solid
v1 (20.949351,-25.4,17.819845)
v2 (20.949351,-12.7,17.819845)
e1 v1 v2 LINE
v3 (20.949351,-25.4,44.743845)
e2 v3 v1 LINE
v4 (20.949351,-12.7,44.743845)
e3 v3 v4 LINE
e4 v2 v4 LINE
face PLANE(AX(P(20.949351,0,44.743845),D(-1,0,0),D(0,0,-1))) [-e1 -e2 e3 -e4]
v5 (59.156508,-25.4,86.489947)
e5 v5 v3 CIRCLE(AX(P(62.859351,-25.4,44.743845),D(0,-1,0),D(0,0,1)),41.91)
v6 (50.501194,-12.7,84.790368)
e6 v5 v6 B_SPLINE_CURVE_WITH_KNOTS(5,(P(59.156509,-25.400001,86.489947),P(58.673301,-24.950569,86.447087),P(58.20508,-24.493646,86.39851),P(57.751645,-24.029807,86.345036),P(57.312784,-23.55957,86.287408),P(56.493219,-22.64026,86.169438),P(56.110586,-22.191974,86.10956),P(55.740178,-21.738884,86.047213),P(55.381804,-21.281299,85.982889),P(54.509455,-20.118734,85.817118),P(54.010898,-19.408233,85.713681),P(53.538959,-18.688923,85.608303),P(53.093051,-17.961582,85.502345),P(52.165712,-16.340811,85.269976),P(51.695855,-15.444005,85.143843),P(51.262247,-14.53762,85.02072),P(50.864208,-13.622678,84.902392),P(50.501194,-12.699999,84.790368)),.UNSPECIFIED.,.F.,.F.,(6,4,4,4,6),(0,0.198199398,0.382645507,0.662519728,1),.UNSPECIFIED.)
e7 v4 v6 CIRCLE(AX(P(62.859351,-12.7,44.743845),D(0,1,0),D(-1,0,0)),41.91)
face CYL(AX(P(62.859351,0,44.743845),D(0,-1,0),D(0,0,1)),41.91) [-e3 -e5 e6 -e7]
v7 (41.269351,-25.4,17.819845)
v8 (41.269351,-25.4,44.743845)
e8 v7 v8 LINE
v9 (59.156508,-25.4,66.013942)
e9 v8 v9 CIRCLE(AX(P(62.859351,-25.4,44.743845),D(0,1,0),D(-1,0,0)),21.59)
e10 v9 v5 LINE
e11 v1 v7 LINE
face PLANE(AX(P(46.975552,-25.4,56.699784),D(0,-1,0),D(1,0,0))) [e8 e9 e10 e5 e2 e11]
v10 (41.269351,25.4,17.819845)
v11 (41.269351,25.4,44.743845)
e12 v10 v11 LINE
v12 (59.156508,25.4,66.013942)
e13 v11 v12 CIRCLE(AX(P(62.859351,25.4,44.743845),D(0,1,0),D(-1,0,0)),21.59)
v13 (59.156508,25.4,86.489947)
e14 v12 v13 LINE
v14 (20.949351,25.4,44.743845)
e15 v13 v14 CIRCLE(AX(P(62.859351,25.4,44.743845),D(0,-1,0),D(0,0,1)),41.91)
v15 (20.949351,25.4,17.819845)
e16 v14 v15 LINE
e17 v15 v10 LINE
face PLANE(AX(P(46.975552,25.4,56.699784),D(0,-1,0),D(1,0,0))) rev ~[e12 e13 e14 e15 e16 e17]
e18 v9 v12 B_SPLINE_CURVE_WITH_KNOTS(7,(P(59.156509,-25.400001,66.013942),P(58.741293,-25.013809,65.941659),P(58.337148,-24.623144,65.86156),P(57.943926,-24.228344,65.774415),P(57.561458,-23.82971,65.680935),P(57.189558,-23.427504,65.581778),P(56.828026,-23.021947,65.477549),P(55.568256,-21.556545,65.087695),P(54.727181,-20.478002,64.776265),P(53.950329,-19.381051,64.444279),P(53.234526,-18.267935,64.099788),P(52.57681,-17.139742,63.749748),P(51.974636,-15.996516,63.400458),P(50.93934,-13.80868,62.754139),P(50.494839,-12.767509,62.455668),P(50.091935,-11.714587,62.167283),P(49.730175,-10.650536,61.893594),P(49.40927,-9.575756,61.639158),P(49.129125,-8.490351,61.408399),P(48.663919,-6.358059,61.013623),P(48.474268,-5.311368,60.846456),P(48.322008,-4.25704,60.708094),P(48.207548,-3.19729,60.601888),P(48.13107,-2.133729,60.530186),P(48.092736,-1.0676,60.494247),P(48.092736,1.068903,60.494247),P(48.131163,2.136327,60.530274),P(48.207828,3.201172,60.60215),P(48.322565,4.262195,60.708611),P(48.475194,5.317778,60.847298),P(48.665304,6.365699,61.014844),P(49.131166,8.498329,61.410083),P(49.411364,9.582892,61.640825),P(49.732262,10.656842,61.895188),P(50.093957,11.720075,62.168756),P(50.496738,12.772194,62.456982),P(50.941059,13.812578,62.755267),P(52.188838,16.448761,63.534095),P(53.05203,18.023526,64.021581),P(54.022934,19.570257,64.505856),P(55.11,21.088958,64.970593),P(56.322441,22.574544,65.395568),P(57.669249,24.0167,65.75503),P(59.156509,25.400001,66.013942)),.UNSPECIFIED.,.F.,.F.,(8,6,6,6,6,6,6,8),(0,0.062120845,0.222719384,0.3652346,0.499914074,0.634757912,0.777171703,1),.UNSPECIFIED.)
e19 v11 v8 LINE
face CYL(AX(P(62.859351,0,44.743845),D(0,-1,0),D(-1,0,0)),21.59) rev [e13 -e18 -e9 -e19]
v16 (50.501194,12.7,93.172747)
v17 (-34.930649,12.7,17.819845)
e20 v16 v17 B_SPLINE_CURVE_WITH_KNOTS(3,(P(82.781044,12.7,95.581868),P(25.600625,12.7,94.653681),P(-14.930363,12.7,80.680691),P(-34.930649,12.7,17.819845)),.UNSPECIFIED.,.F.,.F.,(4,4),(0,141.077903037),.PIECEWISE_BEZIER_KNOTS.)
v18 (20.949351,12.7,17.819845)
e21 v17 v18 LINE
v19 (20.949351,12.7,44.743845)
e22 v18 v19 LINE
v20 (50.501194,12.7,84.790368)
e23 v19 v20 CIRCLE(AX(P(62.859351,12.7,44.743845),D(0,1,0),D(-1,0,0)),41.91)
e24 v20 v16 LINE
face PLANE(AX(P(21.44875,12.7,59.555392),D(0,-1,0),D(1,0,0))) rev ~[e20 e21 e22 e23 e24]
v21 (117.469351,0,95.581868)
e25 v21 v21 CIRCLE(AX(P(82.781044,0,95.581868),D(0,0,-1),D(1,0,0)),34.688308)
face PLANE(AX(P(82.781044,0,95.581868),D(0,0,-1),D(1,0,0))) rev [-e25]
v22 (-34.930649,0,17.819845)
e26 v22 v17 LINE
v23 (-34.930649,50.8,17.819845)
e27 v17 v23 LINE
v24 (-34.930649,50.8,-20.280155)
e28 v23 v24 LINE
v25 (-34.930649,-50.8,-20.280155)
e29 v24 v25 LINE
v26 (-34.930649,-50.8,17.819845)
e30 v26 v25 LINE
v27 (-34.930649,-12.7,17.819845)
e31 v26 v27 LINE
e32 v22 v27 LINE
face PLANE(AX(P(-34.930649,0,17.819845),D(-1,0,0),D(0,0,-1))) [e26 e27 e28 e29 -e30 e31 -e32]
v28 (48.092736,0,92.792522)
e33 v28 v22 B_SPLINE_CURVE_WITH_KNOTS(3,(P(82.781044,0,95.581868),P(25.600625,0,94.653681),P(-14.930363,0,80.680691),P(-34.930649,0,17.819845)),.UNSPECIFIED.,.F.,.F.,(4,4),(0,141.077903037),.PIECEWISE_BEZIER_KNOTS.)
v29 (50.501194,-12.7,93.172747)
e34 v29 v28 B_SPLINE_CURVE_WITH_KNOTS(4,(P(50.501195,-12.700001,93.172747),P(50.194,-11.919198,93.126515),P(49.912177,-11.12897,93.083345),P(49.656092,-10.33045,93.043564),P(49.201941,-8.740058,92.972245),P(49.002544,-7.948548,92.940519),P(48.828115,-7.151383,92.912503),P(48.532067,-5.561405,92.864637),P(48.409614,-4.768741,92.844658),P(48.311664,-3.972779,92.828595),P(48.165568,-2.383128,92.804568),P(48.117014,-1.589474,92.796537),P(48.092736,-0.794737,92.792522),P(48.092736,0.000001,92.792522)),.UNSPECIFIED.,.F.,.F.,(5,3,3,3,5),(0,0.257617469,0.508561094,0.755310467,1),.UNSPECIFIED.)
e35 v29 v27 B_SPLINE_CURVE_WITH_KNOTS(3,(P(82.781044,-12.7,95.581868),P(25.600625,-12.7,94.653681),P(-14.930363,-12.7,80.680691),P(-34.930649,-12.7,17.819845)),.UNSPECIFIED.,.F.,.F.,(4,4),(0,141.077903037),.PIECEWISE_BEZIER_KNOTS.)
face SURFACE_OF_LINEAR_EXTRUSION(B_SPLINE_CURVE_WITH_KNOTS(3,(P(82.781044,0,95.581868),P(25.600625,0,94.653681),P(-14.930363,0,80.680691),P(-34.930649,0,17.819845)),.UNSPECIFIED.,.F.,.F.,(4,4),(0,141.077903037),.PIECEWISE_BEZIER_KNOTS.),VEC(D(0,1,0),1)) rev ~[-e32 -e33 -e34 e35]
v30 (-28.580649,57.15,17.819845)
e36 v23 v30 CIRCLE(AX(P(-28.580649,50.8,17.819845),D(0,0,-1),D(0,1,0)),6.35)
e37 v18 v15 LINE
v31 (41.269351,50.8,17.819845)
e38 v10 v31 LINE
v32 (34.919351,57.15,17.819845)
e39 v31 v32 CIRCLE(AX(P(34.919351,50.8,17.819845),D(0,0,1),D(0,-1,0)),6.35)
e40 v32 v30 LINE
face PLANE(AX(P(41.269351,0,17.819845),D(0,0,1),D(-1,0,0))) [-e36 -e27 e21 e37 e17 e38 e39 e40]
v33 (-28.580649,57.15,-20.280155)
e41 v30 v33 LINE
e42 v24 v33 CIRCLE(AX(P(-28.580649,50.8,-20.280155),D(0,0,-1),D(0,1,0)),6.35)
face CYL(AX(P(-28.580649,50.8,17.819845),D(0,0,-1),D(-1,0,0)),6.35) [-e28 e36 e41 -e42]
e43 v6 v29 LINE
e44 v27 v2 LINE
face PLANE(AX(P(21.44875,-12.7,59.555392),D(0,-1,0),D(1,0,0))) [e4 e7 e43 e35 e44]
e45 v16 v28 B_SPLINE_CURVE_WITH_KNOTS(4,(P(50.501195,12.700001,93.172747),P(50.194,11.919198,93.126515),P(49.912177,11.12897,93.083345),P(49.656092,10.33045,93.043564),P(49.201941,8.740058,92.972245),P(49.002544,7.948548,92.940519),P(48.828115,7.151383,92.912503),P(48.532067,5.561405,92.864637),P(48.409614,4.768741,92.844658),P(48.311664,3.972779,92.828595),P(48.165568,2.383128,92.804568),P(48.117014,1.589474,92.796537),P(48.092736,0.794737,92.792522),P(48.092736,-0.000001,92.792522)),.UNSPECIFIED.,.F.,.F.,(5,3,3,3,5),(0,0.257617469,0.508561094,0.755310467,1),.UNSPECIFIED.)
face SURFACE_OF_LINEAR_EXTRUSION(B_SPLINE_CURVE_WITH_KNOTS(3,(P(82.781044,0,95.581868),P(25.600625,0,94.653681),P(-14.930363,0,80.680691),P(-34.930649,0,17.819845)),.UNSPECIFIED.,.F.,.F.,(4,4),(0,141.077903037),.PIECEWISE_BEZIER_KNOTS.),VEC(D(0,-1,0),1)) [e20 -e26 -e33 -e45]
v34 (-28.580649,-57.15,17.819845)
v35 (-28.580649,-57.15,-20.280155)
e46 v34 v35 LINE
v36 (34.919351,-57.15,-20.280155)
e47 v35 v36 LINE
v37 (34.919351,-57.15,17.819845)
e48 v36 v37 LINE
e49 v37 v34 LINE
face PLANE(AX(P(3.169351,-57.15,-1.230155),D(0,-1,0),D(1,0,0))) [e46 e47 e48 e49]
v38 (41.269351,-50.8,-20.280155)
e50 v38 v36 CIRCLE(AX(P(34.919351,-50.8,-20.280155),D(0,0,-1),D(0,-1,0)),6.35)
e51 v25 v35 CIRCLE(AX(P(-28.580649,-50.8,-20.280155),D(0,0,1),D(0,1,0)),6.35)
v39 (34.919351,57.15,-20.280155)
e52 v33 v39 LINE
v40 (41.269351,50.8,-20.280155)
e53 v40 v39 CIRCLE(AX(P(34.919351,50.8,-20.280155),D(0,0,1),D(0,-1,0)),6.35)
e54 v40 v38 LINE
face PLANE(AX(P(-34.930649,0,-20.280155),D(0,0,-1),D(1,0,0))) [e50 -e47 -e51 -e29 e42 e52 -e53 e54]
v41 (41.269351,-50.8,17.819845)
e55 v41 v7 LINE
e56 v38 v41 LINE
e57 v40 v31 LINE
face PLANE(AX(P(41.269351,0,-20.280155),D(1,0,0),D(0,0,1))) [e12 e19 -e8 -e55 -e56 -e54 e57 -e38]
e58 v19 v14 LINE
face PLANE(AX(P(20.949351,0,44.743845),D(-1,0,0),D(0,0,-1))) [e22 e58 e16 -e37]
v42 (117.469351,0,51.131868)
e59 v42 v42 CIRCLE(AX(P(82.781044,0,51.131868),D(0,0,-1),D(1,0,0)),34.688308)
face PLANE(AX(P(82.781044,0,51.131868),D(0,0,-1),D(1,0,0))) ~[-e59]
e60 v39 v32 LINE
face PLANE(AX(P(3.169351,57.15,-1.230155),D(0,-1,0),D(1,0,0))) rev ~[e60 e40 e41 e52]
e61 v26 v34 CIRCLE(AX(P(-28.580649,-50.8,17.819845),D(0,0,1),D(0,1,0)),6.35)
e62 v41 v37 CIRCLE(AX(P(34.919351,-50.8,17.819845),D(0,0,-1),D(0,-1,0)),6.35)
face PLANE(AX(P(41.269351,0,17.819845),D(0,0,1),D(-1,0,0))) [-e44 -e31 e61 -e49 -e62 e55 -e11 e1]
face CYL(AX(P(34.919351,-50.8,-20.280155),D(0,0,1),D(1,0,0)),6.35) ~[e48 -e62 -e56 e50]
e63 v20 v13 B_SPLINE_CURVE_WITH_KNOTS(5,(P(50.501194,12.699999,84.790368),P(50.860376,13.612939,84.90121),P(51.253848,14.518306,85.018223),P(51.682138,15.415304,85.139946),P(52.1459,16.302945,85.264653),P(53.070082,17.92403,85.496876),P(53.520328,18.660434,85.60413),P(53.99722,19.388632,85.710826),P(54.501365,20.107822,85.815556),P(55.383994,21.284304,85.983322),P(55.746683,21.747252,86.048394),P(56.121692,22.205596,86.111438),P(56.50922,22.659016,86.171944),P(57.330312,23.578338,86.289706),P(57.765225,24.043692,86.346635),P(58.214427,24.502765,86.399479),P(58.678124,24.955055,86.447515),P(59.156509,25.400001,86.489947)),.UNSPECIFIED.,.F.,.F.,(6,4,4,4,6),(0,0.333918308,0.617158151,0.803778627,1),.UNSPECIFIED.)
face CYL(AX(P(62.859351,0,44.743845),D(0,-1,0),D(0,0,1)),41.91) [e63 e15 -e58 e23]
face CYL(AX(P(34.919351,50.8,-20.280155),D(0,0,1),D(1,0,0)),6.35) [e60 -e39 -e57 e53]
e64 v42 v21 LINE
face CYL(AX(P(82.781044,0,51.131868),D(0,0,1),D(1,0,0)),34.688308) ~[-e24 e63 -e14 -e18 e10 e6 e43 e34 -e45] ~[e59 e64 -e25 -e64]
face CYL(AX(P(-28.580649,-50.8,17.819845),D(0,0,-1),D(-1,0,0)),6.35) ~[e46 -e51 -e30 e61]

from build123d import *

# Parameters (mm, degrees)
F1_DEPTH = 57.15
F2_DEPTH = 25.4
F3_DEPTH = 12.7
F0_W     = 34.6883076322
F0_H     = 8.9280228981
F0_H_2   = 20.32
F0_H_3   = 15.2019771019
F5_R     = 6.35


with BuildPart() as f1:
    # F0 (on Front) → F1 (new body, symmetric)
    with BuildSketch(Plane.XZ):
        Polygon((-34.9306485406, 17.8198447397), (-34.9306485406, -20.2801552603), (41.2693514594, -20.2801552603), (41.2693514594, 17.8198447397), (20.9493514594, 17.8198447397), align=None)
    extrude(amount=F1_DEPTH, both=True)

    # F0 (on Front) → F2 (join, symmetric)
    with BuildSketch(Plane.XZ):
        with BuildLine():
            Line((20.9493514594, 17.8198447397), (41.2693514594, 17.8198447397))
            Line((41.2693514594, 17.8198447397), (41.2693514594, 44.7438447397))
            ThreePointArc((41.2693514594, 44.7438447397), (47.5929160536, 60.0102801456), (62.8593514594, 66.3338447397))
            Line((62.8593514594, 66.3338447397), (82.7810438272, 66.3338447397))
            Line((82.7810438272, 66.3338447397), (82.7810438272, 86.6538447397))
            Line((82.7810438272, 86.6538447397), (62.8593514594, 86.6538447397))
            ThreePointArc((62.8593514594, 86.6538447397), (33.2245062599, 74.3786899393), (20.9493514594, 44.7438447397))
            Line((20.9493514594, 44.7438447397), (20.9493514594, 17.8198447397))
        make_face()
    extrude(amount=F2_DEPTH, both=True)

    # F0 (on Front) → F3 (join, symmetric)
    with BuildSketch(Plane.XZ):
        with BuildLine():
            add(Edge.make_bspline(
                [(82.7810438272, 95.5818676378), (25.6006252021, 94.6536809206), (-14.9303628132, 80.6806907058), (-34.9306485406, 17.8198447397)],
                knots=[0, 0, 0, 0, 141.0779030369, 141.0779030369, 141.0779030369, 141.0779030369], degree=3))
            Line((-34.9306485406, 17.8198447397), (20.9493514594, 17.8198447397))
            Line((20.9493514594, 17.8198447397), (20.9493514594, 44.7438447397))
            ThreePointArc((20.9493514594, 44.7438447397), (33.2245062599, 74.3786899393), (62.8593514594, 86.6538447397))
            Line((62.8593514594, 86.6538447397), (82.7810438272, 86.6538447397))
            Line((82.7810438272, 86.6538447397), (82.7810438272, 95.5818676378))
        make_face()
    extrude(amount=F3_DEPTH, both=True)

    # F0 (on Front) → F4 (revolve)
    with BuildSketch(Plane.XZ):
        with Locations((100.1251976433, 91.1178561888)):
            Rectangle(F0_W, F0_H)
        with Locations((100.1251976433, 76.4938447397)):
            Rectangle(F0_W, F0_H_2)
        with Locations((100.1251976433, 58.7328561888)):
            Rectangle(F0_W, F0_H_3)
    revolve(axis=Axis((82.7810438272, 0, 73.3568676378), (0, 0, -1)))

    # F5
    f5_edges = [f1.edges().sort_by_distance(p)[0] for p in [
        (41.269351, 57.15, -1.230155),
        (-34.930649, 57.15, -1.230155),
        (41.269351, -57.15, -1.230155),
        (-34.930649, -57.15, -1.230155),
    ]]
    fillet(f5_edges, radius=F5_R)


solid = f1.part
